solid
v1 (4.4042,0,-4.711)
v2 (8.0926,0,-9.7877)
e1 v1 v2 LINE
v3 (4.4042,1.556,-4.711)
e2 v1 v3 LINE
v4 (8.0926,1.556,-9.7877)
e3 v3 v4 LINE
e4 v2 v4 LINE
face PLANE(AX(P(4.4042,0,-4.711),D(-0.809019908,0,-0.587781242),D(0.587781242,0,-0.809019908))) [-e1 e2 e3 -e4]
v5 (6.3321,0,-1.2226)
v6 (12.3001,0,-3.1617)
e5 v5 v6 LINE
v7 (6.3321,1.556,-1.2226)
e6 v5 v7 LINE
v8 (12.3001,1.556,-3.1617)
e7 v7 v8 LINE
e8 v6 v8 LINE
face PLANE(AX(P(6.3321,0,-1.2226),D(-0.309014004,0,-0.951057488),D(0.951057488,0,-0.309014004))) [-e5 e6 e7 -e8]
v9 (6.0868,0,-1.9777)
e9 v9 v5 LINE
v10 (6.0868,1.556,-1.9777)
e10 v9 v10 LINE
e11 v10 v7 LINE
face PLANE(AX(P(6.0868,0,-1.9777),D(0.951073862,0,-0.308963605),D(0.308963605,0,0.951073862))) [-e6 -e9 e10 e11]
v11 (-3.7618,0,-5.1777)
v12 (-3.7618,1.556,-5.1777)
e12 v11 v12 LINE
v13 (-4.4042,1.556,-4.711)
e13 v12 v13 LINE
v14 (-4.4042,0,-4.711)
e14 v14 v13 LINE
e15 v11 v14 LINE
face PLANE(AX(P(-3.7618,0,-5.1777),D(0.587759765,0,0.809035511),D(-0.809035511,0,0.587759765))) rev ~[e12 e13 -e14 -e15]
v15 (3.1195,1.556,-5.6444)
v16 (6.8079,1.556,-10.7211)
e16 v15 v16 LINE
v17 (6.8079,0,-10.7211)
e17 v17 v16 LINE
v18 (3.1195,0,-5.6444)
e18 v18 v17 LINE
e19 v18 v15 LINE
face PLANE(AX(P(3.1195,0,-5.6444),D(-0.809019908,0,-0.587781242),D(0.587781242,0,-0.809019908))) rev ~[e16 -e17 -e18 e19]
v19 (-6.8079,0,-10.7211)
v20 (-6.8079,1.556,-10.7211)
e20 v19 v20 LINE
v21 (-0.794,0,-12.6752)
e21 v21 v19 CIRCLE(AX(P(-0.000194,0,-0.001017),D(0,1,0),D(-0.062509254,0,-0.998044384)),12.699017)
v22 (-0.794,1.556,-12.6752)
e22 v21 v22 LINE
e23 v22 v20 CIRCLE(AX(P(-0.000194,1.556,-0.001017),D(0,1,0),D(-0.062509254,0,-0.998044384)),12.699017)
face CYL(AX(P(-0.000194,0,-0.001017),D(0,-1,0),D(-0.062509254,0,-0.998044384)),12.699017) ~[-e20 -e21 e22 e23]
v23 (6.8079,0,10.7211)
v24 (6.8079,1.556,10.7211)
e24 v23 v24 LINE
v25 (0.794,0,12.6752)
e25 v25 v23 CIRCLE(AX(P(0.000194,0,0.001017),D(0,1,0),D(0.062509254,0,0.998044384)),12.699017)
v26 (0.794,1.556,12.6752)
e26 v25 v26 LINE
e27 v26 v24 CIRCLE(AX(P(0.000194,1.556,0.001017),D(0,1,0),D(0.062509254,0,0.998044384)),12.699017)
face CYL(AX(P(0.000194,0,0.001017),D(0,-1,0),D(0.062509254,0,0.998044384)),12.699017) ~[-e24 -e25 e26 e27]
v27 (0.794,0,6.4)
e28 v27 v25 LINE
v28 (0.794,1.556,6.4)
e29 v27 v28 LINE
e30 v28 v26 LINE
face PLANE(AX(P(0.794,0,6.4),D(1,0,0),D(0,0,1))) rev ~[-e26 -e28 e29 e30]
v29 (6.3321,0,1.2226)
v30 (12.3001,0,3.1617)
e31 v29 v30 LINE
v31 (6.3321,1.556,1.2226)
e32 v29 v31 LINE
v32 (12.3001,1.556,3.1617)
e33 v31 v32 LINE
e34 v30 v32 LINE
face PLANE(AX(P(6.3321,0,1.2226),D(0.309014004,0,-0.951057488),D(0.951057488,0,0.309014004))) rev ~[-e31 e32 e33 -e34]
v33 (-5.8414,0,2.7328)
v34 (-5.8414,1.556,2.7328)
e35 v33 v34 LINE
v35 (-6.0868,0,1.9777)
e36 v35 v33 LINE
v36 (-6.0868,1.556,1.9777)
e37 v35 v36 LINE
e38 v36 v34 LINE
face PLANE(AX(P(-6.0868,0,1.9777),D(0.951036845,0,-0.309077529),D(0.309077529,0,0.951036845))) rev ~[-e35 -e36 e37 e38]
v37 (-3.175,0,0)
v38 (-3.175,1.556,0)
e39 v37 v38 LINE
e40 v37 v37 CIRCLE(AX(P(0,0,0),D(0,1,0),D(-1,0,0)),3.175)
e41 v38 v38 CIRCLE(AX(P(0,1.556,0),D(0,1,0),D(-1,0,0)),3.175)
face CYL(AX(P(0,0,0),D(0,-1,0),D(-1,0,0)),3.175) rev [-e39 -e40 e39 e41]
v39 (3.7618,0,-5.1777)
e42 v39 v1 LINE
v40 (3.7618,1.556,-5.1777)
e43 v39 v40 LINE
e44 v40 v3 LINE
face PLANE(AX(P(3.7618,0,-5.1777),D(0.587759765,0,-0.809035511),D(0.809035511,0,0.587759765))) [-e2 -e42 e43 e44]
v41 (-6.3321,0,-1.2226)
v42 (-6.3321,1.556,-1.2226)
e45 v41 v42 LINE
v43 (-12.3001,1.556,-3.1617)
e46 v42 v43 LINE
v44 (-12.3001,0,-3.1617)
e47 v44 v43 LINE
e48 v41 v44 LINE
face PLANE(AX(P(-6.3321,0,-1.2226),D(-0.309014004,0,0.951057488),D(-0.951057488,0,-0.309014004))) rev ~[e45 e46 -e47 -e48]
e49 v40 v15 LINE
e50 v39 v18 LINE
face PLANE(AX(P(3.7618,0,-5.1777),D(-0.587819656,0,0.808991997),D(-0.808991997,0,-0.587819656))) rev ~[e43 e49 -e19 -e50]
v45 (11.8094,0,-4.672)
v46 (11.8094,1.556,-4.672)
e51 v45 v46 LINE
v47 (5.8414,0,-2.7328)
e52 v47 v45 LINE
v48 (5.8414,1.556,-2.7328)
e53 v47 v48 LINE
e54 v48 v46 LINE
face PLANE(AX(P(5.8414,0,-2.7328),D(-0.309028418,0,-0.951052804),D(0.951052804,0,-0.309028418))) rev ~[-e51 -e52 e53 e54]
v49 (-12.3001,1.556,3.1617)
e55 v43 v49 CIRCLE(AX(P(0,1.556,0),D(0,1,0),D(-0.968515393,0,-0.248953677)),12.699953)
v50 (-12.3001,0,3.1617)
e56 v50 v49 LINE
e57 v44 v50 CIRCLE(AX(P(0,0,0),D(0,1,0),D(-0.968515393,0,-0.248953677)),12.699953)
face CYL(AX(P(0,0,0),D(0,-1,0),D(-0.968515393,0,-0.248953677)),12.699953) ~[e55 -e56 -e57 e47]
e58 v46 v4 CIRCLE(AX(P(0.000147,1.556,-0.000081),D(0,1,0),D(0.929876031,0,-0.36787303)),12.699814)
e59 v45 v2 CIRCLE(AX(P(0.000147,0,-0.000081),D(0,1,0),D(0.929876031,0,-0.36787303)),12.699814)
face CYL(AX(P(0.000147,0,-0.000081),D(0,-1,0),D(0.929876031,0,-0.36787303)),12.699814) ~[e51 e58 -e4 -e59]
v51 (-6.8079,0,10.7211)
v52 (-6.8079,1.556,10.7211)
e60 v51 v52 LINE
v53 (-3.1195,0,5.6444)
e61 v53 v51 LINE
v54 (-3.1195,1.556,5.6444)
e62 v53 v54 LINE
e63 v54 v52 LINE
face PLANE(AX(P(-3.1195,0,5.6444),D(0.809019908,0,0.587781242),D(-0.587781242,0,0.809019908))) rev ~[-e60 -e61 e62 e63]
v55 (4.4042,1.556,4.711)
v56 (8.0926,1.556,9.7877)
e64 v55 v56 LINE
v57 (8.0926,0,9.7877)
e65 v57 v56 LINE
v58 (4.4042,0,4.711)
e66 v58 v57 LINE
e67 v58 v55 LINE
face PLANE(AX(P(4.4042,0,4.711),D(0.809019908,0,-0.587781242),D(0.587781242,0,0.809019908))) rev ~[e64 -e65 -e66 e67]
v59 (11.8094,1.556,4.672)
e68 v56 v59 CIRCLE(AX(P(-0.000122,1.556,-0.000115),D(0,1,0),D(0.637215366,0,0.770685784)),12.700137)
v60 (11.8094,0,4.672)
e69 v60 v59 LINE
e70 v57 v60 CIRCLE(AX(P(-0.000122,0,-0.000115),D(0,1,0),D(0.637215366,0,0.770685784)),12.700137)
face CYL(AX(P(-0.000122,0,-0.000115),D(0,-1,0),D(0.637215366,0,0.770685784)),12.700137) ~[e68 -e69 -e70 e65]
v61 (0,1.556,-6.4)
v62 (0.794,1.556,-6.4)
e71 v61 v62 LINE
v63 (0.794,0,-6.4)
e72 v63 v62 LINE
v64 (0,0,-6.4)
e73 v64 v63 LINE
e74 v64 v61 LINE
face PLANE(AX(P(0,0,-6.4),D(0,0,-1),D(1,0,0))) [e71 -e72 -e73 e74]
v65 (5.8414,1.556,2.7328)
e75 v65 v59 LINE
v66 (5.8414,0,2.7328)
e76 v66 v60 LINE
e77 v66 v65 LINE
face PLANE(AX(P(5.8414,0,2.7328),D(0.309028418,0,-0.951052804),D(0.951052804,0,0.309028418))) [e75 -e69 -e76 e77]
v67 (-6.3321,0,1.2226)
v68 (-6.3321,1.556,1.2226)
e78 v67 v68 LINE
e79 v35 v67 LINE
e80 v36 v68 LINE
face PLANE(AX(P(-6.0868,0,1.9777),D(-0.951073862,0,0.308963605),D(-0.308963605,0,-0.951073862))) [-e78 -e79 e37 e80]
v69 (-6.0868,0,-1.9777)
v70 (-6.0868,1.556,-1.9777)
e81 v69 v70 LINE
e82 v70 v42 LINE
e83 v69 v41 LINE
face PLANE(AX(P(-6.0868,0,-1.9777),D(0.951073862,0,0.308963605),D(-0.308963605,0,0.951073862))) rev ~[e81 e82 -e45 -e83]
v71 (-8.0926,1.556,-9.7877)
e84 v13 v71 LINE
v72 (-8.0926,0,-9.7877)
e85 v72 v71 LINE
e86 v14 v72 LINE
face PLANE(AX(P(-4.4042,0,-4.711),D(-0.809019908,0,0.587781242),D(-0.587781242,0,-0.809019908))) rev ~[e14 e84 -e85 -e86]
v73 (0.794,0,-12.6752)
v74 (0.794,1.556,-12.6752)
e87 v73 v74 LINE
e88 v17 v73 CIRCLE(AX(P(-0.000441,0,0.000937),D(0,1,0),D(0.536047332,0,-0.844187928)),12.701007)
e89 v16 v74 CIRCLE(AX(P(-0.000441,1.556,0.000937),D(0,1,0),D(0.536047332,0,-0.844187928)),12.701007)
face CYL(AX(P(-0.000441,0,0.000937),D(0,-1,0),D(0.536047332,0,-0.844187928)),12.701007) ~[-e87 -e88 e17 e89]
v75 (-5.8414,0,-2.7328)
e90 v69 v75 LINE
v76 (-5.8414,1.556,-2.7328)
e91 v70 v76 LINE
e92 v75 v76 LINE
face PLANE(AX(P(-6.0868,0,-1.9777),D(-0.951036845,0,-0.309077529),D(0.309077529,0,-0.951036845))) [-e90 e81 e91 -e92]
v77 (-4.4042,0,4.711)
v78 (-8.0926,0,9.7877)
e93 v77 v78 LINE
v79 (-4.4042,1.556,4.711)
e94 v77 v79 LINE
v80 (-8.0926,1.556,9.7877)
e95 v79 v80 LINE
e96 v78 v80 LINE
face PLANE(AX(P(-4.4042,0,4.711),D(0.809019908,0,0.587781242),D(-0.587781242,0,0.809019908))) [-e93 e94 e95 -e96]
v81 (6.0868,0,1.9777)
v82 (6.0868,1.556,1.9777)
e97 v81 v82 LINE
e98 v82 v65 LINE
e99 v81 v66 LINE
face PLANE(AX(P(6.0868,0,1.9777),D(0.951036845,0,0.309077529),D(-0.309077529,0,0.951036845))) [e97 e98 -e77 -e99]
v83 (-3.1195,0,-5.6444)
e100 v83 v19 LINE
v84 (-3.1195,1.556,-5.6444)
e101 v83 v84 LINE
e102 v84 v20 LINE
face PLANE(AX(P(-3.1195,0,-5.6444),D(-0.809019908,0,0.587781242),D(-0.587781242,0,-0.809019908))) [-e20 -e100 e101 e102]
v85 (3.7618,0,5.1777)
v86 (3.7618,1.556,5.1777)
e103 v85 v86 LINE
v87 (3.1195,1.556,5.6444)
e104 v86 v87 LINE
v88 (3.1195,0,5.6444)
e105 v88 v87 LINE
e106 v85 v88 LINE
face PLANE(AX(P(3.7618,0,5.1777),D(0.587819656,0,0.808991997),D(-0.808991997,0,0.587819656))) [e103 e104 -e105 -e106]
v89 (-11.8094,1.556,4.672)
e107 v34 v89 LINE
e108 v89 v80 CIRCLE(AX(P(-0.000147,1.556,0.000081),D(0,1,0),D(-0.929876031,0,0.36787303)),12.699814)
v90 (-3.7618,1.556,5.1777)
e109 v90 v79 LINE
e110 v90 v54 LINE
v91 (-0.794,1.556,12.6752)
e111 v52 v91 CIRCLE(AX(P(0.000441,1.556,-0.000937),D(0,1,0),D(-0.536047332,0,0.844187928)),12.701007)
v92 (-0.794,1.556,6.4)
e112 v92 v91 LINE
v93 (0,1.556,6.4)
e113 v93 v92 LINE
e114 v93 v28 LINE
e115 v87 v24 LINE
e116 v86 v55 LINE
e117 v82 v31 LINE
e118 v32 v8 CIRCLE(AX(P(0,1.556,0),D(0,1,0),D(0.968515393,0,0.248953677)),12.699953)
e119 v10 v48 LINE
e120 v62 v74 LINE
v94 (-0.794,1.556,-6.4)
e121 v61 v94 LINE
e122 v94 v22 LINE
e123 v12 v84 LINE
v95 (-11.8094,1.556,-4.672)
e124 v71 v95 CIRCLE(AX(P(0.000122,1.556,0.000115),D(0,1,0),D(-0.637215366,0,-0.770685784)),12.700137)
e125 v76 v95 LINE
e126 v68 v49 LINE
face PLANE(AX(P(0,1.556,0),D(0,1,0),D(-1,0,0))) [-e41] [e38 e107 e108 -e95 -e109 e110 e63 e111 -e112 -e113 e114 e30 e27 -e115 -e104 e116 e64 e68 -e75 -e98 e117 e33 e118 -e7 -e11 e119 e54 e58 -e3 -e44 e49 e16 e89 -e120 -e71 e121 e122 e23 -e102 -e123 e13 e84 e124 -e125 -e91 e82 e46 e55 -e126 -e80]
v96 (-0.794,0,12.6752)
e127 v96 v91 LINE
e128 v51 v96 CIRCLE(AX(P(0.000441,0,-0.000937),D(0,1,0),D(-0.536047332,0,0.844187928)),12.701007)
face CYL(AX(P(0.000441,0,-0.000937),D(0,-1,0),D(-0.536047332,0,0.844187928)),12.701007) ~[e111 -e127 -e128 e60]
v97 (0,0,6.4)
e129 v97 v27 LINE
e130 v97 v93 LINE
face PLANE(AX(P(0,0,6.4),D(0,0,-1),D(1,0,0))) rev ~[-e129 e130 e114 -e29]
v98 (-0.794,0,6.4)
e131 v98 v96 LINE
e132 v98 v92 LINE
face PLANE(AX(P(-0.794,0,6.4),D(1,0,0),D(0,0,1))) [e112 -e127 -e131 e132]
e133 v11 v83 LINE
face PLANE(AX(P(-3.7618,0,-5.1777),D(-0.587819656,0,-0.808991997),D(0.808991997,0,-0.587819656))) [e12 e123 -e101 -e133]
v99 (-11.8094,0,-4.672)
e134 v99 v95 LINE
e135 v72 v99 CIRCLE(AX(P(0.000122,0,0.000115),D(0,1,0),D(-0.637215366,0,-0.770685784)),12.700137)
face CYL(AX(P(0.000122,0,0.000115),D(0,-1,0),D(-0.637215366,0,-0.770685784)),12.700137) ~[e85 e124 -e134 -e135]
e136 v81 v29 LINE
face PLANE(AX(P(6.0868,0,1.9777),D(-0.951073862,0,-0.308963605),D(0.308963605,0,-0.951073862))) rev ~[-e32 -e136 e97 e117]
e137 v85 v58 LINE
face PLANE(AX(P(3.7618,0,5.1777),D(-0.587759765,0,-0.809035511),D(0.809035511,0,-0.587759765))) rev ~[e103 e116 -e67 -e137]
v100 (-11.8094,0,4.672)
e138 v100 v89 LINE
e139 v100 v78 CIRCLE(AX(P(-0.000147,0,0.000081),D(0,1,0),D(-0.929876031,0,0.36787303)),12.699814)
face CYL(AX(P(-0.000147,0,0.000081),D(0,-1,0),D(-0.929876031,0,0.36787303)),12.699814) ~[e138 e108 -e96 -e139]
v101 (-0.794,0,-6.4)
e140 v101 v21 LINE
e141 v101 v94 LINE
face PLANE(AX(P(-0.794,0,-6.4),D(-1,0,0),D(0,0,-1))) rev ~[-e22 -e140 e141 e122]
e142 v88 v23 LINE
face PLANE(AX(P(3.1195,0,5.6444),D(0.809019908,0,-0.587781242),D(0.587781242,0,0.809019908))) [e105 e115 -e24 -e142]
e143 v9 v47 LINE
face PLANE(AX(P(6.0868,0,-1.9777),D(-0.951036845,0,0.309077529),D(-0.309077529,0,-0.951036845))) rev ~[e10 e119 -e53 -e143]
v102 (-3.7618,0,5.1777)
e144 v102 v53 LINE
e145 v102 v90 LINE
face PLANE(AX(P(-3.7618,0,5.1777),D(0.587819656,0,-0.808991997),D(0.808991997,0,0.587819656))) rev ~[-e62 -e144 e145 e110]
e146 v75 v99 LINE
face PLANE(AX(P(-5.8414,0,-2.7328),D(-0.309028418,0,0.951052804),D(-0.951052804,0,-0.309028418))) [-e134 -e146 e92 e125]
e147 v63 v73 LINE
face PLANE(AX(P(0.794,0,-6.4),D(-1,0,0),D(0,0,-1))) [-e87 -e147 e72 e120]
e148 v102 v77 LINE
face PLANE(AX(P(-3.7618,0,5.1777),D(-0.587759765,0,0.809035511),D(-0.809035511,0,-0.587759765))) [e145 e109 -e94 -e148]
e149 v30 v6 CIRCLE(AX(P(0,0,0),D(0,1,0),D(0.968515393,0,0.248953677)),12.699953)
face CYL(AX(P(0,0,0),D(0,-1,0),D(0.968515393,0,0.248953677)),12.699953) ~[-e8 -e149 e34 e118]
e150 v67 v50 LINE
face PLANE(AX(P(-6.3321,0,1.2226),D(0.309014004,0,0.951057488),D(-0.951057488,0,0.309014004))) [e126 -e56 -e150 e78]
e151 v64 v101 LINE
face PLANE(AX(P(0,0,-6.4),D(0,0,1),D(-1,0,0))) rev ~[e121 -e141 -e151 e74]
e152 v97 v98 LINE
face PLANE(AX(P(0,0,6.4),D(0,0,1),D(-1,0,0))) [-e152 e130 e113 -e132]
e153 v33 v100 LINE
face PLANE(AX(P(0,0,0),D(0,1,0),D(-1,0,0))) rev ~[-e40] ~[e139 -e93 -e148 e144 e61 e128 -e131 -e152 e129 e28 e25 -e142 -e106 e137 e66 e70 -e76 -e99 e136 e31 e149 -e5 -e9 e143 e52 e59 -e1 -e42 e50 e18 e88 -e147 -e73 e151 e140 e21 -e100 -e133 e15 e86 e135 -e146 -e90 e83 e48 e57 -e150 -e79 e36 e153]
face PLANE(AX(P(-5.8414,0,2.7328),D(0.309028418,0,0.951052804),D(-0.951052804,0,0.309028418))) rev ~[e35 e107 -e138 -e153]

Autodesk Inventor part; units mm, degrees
ref_plane "YZ Plane" through (0, 0, 0) normal (1, 0, 0) x (0, 1, 0)
ref_plane "XZ Plane" through (0, 0, 0) normal (0, 1, 0) x (-1, 0, 0)
ref_plane "XY Plane" through (0, 0, 0) normal (0, 0, 1) x (1, 0, 0)
sketch "Sketch1" plane through (0, 0, 0) normal (0, 1, 0) x (-1, 0, 0)
  line L0 (0, 6.4) -> (0.794, 6.4)
  line L1 (0, 6.4) -> (-0.794, 6.4)
  line L2 (0.794, 6.4) -> (0.794, 12.6752)
  line L3 (-0.794, 6.4) -> (-0.794, 12.6752)
  line L4 (3.7618, 5.1777) -> (4.4042, 4.711)
  line L5 (3.7618, 5.1777) -> (3.1195, 5.6444)
  line L6 (4.4042, 4.711) -> (8.0926, 9.7877)
  line L7 (3.1195, 5.6444) -> (6.8079, 10.7211)
  line L8 (6.0868, 1.9777) -> (6.3321, 1.2226)
  line L9 (6.0868, 1.9777) -> (5.8414, 2.7328)
  line L10 (6.3321, 1.2226) -> (12.3001, 3.1617)
  line L11 (5.8414, 2.7328) -> (11.8094, 4.672)
  line L12 (6.0868, -1.9777) -> (5.8414, -2.7328)
  line L13 (6.0868, -1.9777) -> (6.3321, -1.2226)
  line L14 (5.8414, -2.7328) -> (11.8094, -4.672)
  line L15 (6.3321, -1.2226) -> (12.3001, -3.1617)
  line L16 (3.7618, -5.1777) -> (3.1195, -5.6444)
  line L17 (3.7618, -5.1777) -> (4.4042, -4.711)
  line L18 (3.1195, -5.6444) -> (6.8079, -10.7211)
  line L19 (4.4042, -4.711) -> (8.0926, -9.7877)
  line L20 (0, -6.4) -> (-0.794, -6.4)
  line L21 (0, -6.4) -> (0.794, -6.4)
  line L22 (-0.794, -6.4) -> (-0.794, -12.6752)
  line L23 (0.794, -6.4) -> (0.794, -12.6752)
  line L24 (-3.7618, -5.1777) -> (-4.4042, -4.711)
  line L25 (-3.7618, -5.1777) -> (-3.1195, -5.6444)
  line L26 (-4.4042, -4.711) -> (-8.0926, -9.7877)
  line L27 (-3.1195, -5.6444) -> (-6.8079, -10.7211)
  line L28 (-6.0868, -1.9777) -> (-6.3321, -1.2226)
  line L29 (-6.0868, -1.9777) -> (-5.8414, -2.7328)
  line L30 (-6.3321, -1.2226) -> (-12.3001, -3.1617)
  line L31 (-5.8414, -2.7328) -> (-11.8094, -4.672)
  line L32 (-6.0868, 1.9777) -> (-5.8414, 2.7328)
  line L33 (-6.0868, 1.9777) -> (-6.3321, 1.2226)
  line L34 (-5.8414, 2.7328) -> (-11.8094, 4.672)
  line L35 (-6.3321, 1.2226) -> (-12.3001, 3.1617)
  line L36 (-3.7618, 5.1777) -> (-3.1195, 5.6444)
  line L37 (-3.7618, 5.1777) -> (-4.4042, 4.711)
  line L38 (-3.1195, 5.6444) -> (-6.8079, 10.7211)
  line L39 (-4.4042, 4.711) -> (-8.0926, 9.7877)
  arc A0 (6.8079, 10.7211) -> (0.794, 12.6752) centre (0, 0) ccw
  arc A1 (-0.794, 12.6752) -> (-6.8079, 10.7211) centre (0, 0) ccw
  arc A2 (-8.0926, 9.7877) -> (-11.8094, 4.672) centre (0, 0) ccw
  arc A3 (-12.3001, 3.1617) -> (-12.3001, -3.1617) centre (0, 0) ccw
  arc A4 (-11.8094, -4.672) -> (-8.0926, -9.7877) centre (0, 0) ccw
  arc A5 (-6.8079, -10.7211) -> (-0.794, -12.6752) centre (0, 0) ccw
  arc A6 (0.794, -12.6752) -> (6.8079, -10.7211) centre (0, 0) ccw
  arc A7 (8.0926, -9.7877) -> (11.8094, -4.672) centre (0, 0) ccw
  arc A8 (12.3001, -3.1617) -> (12.3001, 3.1617) centre (0, 0) ccw
  arc A9 (11.8094, 4.672) -> (8.0926, 9.7877) centre (0, 0) ccw
  circle A10 centre (0, 0) radius 3.175
  dimension "d1" = 0.794
  dimension "d2" = 0.794
  dimension "d3" = 6.4
  dimension "d6" = 360
  dimension "d8" = 12.7
  dimension "d9" = 6.35
extrude "Extrusion1" add sketch "Sketch1" along normal blind 1.556
properties part number "HeatSinkWasher"
